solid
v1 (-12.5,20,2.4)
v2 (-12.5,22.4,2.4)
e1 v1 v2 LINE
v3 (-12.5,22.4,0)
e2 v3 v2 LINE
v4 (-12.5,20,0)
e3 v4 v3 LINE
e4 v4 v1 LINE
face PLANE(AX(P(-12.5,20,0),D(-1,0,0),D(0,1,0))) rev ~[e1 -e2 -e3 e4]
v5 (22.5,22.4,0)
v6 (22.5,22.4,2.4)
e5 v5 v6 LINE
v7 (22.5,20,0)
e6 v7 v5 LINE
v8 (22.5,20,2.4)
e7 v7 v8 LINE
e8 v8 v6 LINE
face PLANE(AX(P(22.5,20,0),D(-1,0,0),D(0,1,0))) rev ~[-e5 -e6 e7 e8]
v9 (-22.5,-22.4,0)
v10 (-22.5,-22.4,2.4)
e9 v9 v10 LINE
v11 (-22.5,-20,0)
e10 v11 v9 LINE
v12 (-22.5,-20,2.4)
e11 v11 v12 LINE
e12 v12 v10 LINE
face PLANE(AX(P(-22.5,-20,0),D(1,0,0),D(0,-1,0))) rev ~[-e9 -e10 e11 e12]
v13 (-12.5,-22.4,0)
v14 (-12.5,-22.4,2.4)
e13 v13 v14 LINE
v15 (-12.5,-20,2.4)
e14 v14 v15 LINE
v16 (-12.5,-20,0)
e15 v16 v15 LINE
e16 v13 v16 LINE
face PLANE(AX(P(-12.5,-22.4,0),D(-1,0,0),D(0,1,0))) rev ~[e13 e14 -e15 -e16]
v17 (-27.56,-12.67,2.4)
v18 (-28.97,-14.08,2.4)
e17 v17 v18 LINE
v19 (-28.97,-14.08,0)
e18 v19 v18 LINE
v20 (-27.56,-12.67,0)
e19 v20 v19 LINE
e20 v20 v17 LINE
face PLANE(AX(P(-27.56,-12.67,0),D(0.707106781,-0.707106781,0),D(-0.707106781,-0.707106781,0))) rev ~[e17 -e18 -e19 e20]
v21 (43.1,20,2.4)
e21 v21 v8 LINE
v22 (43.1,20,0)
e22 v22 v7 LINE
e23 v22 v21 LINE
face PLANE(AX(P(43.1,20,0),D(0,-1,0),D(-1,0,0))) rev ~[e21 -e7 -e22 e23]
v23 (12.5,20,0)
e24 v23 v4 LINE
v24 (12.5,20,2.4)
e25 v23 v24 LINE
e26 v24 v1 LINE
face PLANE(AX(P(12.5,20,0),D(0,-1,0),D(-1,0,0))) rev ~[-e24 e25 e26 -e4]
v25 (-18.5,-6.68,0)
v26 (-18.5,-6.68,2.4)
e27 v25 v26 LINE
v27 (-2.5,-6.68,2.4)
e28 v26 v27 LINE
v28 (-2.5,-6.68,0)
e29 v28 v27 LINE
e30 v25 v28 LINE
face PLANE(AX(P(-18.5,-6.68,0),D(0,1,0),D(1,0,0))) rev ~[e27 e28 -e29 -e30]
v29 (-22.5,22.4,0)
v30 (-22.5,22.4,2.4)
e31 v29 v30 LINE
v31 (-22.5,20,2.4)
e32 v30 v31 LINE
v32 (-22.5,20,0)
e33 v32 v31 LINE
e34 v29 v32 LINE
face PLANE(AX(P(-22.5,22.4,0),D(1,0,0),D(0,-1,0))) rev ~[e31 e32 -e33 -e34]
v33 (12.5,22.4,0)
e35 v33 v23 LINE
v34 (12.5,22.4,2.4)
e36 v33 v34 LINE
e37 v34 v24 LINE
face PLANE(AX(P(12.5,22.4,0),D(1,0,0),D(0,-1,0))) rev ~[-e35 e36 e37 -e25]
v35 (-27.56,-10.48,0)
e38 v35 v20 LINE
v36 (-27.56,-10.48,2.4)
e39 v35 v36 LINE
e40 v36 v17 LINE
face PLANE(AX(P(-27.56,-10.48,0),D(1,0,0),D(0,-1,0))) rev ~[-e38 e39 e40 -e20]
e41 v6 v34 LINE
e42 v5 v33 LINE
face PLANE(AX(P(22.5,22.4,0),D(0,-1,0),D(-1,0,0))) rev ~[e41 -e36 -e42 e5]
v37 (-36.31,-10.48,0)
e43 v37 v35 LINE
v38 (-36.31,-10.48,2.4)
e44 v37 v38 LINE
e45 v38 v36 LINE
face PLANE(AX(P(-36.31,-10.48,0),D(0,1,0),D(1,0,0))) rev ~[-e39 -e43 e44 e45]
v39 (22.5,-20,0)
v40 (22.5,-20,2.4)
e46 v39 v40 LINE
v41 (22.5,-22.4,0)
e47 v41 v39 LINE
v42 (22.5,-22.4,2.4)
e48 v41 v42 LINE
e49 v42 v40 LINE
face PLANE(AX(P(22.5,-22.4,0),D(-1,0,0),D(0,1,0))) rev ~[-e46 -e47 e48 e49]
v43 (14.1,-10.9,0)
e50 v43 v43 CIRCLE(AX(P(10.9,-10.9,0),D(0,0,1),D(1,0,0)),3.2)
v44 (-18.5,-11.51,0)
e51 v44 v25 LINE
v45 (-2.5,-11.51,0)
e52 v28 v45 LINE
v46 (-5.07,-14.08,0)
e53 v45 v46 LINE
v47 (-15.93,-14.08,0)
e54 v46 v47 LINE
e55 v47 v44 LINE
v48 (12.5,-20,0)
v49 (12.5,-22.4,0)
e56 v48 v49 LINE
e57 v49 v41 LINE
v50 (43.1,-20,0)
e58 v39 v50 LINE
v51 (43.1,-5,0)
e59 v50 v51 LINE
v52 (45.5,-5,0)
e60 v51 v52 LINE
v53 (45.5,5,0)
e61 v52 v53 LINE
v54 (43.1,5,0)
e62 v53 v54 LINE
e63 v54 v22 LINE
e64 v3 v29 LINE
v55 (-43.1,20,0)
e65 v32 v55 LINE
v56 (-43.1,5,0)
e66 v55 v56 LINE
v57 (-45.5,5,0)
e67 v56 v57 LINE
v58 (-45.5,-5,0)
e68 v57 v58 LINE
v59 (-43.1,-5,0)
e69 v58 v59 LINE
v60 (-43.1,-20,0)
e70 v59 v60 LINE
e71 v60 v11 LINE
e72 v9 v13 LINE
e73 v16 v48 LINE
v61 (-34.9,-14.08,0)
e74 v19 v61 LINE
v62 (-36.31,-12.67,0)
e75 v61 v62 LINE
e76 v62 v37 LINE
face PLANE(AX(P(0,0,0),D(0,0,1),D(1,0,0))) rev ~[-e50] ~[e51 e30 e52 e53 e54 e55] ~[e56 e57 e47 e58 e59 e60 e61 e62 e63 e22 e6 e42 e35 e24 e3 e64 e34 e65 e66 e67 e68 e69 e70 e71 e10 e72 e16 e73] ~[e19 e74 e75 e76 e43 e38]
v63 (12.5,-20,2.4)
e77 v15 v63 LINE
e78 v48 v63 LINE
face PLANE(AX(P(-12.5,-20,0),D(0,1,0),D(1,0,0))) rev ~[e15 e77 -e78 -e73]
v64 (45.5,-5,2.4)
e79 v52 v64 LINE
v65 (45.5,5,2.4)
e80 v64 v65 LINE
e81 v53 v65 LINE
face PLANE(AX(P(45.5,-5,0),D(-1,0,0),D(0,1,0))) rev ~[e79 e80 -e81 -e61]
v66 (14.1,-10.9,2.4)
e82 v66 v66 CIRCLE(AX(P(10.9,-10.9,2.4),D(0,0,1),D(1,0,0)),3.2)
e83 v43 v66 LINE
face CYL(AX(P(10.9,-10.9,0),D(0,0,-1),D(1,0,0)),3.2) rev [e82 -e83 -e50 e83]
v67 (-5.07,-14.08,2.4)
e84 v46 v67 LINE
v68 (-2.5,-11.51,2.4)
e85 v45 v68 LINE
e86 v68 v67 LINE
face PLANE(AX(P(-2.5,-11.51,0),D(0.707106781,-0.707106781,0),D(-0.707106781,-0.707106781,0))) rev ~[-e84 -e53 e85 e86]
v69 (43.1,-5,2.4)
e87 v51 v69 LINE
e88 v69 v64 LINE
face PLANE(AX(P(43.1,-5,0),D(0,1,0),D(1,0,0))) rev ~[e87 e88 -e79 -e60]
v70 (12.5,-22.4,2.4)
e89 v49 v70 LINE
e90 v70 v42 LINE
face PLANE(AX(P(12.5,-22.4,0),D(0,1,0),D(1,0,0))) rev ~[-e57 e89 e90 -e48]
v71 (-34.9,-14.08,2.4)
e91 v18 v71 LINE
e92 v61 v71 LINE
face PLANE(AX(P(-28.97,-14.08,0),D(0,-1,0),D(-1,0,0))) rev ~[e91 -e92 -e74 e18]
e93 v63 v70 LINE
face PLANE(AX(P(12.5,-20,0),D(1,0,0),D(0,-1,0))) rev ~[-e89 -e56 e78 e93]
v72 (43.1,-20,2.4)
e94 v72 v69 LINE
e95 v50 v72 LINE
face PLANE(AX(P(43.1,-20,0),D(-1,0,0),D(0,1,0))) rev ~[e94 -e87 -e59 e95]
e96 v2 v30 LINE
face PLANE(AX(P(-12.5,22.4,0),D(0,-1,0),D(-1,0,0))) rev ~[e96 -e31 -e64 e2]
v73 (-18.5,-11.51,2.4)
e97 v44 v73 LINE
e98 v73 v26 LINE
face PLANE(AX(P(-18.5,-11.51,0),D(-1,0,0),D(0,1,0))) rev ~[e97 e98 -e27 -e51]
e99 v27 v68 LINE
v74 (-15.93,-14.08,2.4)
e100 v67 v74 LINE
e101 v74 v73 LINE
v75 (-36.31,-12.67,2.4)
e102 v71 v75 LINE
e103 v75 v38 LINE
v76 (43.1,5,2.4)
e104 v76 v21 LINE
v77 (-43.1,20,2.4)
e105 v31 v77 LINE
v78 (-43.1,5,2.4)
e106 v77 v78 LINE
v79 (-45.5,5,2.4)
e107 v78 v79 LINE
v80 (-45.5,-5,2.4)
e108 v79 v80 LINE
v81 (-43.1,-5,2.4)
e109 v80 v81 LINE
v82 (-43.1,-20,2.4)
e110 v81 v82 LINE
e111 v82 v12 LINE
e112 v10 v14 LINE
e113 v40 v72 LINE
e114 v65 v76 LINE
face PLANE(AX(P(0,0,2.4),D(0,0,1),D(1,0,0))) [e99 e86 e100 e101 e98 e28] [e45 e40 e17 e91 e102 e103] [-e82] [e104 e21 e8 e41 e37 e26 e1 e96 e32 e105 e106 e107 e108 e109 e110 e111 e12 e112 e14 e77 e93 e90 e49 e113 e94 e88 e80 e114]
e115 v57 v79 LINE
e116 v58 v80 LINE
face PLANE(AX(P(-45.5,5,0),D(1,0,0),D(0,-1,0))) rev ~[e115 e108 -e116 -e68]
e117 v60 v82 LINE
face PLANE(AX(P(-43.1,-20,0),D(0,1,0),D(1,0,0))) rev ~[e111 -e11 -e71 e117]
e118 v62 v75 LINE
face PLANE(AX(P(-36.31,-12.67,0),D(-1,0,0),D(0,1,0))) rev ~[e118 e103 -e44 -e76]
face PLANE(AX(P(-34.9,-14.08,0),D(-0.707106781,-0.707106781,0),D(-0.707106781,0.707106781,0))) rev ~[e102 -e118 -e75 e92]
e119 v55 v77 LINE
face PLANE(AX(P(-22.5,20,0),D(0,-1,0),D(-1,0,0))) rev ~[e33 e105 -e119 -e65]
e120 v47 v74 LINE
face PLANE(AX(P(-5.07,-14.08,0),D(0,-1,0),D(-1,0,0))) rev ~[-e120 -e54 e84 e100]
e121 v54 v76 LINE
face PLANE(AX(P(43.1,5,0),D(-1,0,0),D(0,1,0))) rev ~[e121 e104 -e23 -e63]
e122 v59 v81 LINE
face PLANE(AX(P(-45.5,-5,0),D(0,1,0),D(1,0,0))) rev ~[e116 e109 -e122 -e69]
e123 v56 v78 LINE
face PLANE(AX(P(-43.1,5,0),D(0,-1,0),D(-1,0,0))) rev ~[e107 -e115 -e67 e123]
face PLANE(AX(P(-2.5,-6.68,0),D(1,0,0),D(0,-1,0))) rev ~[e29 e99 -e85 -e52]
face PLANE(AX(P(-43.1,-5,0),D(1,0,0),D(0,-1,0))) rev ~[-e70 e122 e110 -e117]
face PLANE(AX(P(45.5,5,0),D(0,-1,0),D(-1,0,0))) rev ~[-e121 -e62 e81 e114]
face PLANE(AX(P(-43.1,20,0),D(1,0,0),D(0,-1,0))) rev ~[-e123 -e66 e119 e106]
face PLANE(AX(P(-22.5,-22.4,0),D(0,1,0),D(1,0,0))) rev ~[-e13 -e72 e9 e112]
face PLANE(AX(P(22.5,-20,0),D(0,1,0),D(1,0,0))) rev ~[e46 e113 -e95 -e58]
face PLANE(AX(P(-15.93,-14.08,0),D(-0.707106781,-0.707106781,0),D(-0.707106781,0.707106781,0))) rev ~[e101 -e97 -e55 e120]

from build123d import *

# Parameters (mm, degrees)
F0_R     = 3.2
F1_DEPTH = 2.4


with BuildPart() as f1:
    # F0 (on Top) → F1 (new body)
    with BuildSketch(Plane.XY):
        Polygon((43.1, 5), (43.1, 20), (22.5, 20), (22.5, 22.4), (12.5, 22.4), (12.5, 20), (-12.5, 20), (-12.5, 22.4), (-22.5, 22.4), (-22.5, 20), (-43.1, 20), (-43.1, 5), (-45.5, 5), (-45.5, -5), (-43.1, -5), (-43.1, -20), (-22.5, -20), (-22.5, -22.4), (-12.5, -22.4), (-12.5, -20), (12.5, -20), (12.5, -22.4), (22.5, -22.4), (22.5, -20), (43.1, -20), (43.1, -5), (45.5, -5), (45.5, 5), align=None)
        Polygon((-36.31, -12.67), (-36.31, -10.48), (-27.56, -10.48), (-27.56, -12.67), (-28.97, -14.08), (-34.9, -14.08), align=None, mode=Mode.SUBTRACT)
        Polygon((-18.5, -11.51), (-18.5, -6.68), (-2.5, -6.68), (-2.5, -11.51), (-5.07, -14.08), (-15.93, -14.08), align=None, mode=Mode.SUBTRACT)
        with Locations((10.9, -10.9)):
            Circle(F0_R, mode=Mode.SUBTRACT)
    extrude(amount=F1_DEPTH)


solid = f1.part
